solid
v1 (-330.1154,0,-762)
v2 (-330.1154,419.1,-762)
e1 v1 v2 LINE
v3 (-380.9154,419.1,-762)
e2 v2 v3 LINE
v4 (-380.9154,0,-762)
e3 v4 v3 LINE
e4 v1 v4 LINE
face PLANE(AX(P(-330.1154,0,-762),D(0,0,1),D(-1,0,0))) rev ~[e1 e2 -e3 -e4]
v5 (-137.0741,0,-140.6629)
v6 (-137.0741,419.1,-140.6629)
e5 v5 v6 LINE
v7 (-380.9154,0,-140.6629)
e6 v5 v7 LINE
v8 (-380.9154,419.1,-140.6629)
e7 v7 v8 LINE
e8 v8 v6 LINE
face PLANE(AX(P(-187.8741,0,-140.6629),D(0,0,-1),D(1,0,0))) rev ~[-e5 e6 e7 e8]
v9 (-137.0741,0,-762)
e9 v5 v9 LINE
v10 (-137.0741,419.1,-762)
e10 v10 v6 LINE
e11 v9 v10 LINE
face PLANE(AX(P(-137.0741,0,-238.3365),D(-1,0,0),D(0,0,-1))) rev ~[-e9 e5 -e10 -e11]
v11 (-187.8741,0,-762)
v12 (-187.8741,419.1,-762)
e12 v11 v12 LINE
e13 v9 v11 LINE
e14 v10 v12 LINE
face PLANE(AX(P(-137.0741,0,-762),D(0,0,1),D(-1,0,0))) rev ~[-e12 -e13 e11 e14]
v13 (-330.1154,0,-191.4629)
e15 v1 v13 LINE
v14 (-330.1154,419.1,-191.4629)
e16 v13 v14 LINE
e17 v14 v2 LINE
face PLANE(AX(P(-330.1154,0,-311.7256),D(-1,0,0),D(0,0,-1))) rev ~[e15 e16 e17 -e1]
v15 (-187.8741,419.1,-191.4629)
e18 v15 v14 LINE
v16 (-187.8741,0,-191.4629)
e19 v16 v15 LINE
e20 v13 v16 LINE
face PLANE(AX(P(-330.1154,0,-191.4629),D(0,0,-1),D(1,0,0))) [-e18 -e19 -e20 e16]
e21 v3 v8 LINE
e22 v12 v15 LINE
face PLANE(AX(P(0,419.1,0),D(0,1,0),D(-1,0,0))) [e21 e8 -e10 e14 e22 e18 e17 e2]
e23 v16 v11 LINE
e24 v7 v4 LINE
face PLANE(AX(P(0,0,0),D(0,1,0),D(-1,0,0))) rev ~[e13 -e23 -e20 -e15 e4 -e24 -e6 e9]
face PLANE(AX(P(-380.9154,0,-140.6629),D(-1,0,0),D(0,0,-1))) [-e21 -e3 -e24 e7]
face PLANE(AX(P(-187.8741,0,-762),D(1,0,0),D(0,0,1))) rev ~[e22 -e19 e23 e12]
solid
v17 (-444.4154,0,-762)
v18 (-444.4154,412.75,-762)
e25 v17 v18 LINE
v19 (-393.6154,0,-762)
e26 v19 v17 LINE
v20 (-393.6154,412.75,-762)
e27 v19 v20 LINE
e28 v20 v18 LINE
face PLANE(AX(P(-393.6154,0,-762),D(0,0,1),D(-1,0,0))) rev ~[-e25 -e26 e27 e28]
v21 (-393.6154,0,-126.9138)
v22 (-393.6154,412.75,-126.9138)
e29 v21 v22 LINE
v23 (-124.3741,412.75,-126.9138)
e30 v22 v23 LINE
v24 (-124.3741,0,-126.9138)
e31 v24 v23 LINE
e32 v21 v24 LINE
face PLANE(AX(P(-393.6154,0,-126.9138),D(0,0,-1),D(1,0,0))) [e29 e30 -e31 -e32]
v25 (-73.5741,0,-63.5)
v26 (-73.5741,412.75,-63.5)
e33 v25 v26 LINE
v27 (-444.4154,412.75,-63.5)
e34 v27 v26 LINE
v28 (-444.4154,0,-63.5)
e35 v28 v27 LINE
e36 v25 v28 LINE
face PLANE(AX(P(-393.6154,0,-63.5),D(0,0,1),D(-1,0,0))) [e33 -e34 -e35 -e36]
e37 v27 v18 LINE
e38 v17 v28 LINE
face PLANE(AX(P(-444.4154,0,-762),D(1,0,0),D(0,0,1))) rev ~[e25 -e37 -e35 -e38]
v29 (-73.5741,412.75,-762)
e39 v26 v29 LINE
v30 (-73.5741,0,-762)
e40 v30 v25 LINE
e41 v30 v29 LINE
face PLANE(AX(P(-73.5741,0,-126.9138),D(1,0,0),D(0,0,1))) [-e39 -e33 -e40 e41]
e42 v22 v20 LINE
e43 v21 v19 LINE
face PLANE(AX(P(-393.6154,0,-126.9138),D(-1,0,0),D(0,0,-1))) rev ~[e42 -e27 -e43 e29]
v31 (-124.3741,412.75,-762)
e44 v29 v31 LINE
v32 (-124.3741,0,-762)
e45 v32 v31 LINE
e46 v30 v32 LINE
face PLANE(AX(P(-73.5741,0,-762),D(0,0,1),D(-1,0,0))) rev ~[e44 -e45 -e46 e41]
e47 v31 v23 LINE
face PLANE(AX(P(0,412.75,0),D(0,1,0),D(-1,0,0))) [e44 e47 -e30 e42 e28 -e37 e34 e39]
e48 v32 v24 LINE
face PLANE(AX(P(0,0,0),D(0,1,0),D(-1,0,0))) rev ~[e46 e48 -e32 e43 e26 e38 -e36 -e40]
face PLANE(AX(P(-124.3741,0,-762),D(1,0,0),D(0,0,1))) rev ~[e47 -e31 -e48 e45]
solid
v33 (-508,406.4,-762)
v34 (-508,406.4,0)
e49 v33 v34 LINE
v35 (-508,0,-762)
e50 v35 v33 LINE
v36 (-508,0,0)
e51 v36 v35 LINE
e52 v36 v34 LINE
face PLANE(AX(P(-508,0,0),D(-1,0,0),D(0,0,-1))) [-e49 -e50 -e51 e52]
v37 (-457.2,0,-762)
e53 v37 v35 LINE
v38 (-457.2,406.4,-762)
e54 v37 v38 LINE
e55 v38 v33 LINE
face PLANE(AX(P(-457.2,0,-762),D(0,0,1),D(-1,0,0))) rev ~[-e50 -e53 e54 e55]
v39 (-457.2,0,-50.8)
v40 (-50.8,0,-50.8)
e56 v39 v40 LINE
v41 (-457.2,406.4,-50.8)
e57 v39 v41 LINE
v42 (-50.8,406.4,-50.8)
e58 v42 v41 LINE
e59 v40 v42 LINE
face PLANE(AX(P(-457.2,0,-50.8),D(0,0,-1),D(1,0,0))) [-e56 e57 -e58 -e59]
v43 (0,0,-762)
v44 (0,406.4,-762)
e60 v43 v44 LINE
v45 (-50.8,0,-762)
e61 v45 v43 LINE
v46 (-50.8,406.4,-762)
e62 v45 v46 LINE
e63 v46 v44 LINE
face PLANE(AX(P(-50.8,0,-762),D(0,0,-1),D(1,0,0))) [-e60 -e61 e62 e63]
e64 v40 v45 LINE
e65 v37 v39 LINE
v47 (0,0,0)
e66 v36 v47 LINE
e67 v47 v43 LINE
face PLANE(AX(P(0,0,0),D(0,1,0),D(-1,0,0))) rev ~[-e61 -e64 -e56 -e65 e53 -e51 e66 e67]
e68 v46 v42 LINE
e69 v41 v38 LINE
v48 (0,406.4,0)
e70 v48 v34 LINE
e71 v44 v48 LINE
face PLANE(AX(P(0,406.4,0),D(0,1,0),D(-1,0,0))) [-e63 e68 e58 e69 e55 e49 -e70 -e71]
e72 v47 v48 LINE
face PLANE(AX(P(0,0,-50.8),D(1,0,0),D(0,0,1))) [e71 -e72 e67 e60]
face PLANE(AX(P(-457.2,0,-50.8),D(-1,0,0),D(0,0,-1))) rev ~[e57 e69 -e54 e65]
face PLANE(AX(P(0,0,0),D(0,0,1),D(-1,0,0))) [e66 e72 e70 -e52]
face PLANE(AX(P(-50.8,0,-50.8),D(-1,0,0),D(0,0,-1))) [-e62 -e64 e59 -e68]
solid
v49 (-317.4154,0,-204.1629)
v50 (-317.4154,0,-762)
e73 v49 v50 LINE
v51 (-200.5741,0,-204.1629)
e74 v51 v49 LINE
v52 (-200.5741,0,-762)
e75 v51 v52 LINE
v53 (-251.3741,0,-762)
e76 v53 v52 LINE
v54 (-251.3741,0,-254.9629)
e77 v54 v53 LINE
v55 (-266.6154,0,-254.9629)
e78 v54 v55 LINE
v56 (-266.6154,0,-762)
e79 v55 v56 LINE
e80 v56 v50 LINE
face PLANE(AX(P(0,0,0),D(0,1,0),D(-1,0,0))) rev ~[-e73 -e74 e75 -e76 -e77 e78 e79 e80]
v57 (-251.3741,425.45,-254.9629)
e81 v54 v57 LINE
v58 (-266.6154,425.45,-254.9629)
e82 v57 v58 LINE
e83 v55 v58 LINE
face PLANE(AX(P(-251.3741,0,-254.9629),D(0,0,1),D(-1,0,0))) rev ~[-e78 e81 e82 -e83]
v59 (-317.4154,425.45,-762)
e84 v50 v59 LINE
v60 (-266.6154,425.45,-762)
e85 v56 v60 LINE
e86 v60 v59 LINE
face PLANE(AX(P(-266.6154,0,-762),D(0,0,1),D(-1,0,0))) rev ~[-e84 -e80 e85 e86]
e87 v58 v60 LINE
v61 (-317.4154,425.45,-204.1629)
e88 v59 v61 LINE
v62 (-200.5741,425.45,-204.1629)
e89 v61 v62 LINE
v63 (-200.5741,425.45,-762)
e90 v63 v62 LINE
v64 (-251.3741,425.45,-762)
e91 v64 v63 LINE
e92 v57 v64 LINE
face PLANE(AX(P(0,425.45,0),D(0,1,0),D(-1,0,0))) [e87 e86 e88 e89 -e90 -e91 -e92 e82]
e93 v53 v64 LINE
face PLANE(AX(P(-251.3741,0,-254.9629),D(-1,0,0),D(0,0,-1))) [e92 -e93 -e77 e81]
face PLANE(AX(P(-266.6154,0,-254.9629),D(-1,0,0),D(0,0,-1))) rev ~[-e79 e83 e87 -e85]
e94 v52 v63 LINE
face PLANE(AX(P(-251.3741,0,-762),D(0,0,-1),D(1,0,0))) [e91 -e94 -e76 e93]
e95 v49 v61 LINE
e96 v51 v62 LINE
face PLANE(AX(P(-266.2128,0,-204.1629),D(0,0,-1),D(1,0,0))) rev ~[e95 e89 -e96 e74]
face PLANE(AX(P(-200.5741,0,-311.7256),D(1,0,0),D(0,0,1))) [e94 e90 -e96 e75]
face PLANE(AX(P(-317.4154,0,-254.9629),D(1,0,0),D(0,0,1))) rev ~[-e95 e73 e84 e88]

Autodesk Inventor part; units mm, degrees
ref_plane "YZ Plane" through (0, 0, 0) normal (1, 0, 0) x (0, 1, 0)
ref_plane "XZ Plane" through (0, 0, 0) normal (0, 1, 0) x (-1, 0, 0)
ref_plane "XY Plane" through (0, 0, 0) normal (0, 0, 1) x (1, 0, 0)
sketch "Sketch1" plane through (0, 0, 0) normal (0, 1, 0) x (-1, 0, 0)
  line L0 (0, 0) -> (508, 0)
  line L1 (508, 0) -> (508, -50.8)
  line L2 (508, -50.8) -> (0, -50.8)
  line L3 (0, -50.8) -> (0, 0)
  line L4 (0, 0) -> (50.8, 0)
  line L5 (50.8, 0) -> (50.8, -762)
  line L6 (50.8, -762) -> (0, -762)
  line L7 (0, -762) -> (0, 0)
  line L8 (508, 0) -> (457.2, 0)
  line L9 (457.2, 0) -> (457.2, -762)
  line L10 (457.2, -762) -> (508, -762)
  line L11 (508, -762) -> (508, 0)
  line L12 (50.8, -762) -> (457.2, -762)
  line L13 (324.0208, -50.8) -> (324.0208, -63.5)
  line L14 (457.2, -242.977) -> (444.5, -242.977)
  line L15 (50.8, -225.2641) -> (63.5, -225.2641)
  dimension "d0" = 508
  dimension "d1" = 50.8
  dimension "d2" = 50.8
  dimension "d3" = 762
  dimension "d4" = 50.8
  dimension "d5" = 762
  dimension "d6" = 12.7
  dimension "d7" = 12.7
  dimension "d8" = 12.7
sketch "Sketch2" plane through (0, 0, 0) normal (0, 1, 0) x (-1, 0, 0)
  line L0 (444.4154, -126.9138) -> (394.1877, -126.9138)
  line L1 (73.5741, -107.6392) -> (73.5741, -94.9392)
  line L2 (50.8, -762) -> (457.2, -762) projected
  line L3 (324.0208, -50.8) -> (324.0208, -63.5) projected
  line L4 (444.4154, -126.9138) -> (73.5741, -126.9138)
  line L5 (73.5741, -126.9138) -> (73.5741, -63.5)
  line L6 (73.5741, -63.5) -> (444.4154, -63.5)
  line L7 (444.4154, -63.5) -> (444.4154, -126.9138)
  line L8 (73.5741, -762) -> (124.3741, -762)
  line L9 (124.3741, -762) -> (124.3741, -126.9138)
  line L10 (124.3741, -63.5) -> (73.5741, -63.5)
  line L11 (73.5741, -63.5) -> (73.5741, -762)
  line L12 (444.4154, -63.5) -> (393.6154, -63.5)
  line L13 (393.6154, -126.9138) -> (393.6154, -762)
  line L14 (393.6154, -762) -> (444.4154, -762)
  line L15 (444.4154, -762) -> (444.4154, -63.5)
  point P0 (0, 0)
  dimension "d31" = 50.8
  dimension "d32" = 50.8
sketch "Sketch3" plane through (0, 0, 0) normal (0, 1, 0) x (-1, 0, 0)
  line L0 (266.2128, -127.9629) -> (266.2128, -140.6629)
  line L1 (393.6154, -126.9138) -> (393.6154, -762) projected
  line L2 (124.3741, -762) -> (124.3741, -126.9138) projected
  line L3 (124.3741, -238.3365) -> (137.0741, -238.3365)
  line L4 (393.6154, -256.759) -> (380.9154, -256.759)
  line L5 (137.0741, -762) -> (187.8741, -762)
  line L6 (187.8741, -762) -> (187.8741, -140.6629)
  line L7 (187.8741, -140.6629) -> (137.0741, -140.6629)
  line L8 (137.0741, -140.6629) -> (137.0741, -762)
  line L9 (187.8741, -140.6629) -> (380.9154, -140.6629)
  line L10 (380.9154, -140.6629) -> (380.9154, -191.4629)
  line L11 (380.9154, -191.4629) -> (187.8741, -191.4629)
  line L12 (187.8741, -191.4629) -> (187.8741, -140.6629)
  line L13 (380.9154, -191.4629) -> (330.1154, -191.4629)
  line L14 (330.1154, -191.4629) -> (330.1154, -762)
  line L15 (330.1154, -762) -> (380.9154, -762)
  line L16 (380.9154, -762) -> (380.9154, -191.4629)
  line L17 (266.2128, -191.4629) -> (266.2128, -204.1629)
  line L18 (330.1154, -311.7256) -> (317.4154, -311.7256)
  line L19 (187.8741, -311.7256) -> (200.5741, -311.7256)
  line L20 (317.4154, -204.1629) -> (200.5741, -204.1629)
  line L21 (200.5741, -204.1629) -> (200.5741, -254.9629)
  line L22 (200.5741, -254.9629) -> (317.4154, -254.9629)
  line L23 (317.4154, -254.9629) -> (317.4154, -204.1629)
  line L24 (317.4154, -254.9629) -> (266.6154, -254.9629)
  line L25 (266.6154, -254.9629) -> (266.6154, -762)
  line L26 (266.6154, -762) -> (317.4154, -762)
  line L27 (317.4154, -762) -> (317.4154, -254.9629)
  line L28 (200.5741, -254.9629) -> (251.3741, -254.9629)
  line L29 (251.3741, -254.9629) -> (251.3741, -762)
  line L30 (251.3741, -762) -> (200.5741, -762)
  line L31 (200.5741, -762) -> (200.5741, -254.9629)
  point P0 (0, 0)
  dimension "d33" = 12.7
  dimension "d34" = 12.7
  dimension "d35" = 12.7
  dimension "d36" = 50.8
  dimension "d37" = 50.8
  dimension "d38" = 50.8
  dimension "d39" = 12.7
  dimension "d40" = 12.7
  dimension "d41" = 12.7
  dimension "d42" = 50.8
  dimension "d43" = 50.8
  dimension "d44" = 50.8
extrude "Extrusion1" add sketch "Sketch1" along normal blind 406.4 contours L0 L5 L2 L3 | L0 L9 L2 L5 | L2 L5 L6 L7 | L0 L1 L2 L9 | L2 L11 L10 L9
extrude "Extrusion2" add sketch "Sketch2" along normal blind 412.75 contours L15 L2 L13 L4 L0 | L0 L4 L5 L1 L6 L7 | L9 L2 L11 L4
extrude "Extrusion3" add sketch "Sketch3" along normal blind 419.1 contours L8 L7 L6 L5 | L6 L9 L10 L11 | L11 L16 L15 L14
extrude "Extrusion4" add sketch "Sketch3" along normal blind 425.45 contours L31 L22 L29 L30 | L21 L20 L23 L22 | L22 L27 L26 L25
properties part number "rectangle lift idea"
